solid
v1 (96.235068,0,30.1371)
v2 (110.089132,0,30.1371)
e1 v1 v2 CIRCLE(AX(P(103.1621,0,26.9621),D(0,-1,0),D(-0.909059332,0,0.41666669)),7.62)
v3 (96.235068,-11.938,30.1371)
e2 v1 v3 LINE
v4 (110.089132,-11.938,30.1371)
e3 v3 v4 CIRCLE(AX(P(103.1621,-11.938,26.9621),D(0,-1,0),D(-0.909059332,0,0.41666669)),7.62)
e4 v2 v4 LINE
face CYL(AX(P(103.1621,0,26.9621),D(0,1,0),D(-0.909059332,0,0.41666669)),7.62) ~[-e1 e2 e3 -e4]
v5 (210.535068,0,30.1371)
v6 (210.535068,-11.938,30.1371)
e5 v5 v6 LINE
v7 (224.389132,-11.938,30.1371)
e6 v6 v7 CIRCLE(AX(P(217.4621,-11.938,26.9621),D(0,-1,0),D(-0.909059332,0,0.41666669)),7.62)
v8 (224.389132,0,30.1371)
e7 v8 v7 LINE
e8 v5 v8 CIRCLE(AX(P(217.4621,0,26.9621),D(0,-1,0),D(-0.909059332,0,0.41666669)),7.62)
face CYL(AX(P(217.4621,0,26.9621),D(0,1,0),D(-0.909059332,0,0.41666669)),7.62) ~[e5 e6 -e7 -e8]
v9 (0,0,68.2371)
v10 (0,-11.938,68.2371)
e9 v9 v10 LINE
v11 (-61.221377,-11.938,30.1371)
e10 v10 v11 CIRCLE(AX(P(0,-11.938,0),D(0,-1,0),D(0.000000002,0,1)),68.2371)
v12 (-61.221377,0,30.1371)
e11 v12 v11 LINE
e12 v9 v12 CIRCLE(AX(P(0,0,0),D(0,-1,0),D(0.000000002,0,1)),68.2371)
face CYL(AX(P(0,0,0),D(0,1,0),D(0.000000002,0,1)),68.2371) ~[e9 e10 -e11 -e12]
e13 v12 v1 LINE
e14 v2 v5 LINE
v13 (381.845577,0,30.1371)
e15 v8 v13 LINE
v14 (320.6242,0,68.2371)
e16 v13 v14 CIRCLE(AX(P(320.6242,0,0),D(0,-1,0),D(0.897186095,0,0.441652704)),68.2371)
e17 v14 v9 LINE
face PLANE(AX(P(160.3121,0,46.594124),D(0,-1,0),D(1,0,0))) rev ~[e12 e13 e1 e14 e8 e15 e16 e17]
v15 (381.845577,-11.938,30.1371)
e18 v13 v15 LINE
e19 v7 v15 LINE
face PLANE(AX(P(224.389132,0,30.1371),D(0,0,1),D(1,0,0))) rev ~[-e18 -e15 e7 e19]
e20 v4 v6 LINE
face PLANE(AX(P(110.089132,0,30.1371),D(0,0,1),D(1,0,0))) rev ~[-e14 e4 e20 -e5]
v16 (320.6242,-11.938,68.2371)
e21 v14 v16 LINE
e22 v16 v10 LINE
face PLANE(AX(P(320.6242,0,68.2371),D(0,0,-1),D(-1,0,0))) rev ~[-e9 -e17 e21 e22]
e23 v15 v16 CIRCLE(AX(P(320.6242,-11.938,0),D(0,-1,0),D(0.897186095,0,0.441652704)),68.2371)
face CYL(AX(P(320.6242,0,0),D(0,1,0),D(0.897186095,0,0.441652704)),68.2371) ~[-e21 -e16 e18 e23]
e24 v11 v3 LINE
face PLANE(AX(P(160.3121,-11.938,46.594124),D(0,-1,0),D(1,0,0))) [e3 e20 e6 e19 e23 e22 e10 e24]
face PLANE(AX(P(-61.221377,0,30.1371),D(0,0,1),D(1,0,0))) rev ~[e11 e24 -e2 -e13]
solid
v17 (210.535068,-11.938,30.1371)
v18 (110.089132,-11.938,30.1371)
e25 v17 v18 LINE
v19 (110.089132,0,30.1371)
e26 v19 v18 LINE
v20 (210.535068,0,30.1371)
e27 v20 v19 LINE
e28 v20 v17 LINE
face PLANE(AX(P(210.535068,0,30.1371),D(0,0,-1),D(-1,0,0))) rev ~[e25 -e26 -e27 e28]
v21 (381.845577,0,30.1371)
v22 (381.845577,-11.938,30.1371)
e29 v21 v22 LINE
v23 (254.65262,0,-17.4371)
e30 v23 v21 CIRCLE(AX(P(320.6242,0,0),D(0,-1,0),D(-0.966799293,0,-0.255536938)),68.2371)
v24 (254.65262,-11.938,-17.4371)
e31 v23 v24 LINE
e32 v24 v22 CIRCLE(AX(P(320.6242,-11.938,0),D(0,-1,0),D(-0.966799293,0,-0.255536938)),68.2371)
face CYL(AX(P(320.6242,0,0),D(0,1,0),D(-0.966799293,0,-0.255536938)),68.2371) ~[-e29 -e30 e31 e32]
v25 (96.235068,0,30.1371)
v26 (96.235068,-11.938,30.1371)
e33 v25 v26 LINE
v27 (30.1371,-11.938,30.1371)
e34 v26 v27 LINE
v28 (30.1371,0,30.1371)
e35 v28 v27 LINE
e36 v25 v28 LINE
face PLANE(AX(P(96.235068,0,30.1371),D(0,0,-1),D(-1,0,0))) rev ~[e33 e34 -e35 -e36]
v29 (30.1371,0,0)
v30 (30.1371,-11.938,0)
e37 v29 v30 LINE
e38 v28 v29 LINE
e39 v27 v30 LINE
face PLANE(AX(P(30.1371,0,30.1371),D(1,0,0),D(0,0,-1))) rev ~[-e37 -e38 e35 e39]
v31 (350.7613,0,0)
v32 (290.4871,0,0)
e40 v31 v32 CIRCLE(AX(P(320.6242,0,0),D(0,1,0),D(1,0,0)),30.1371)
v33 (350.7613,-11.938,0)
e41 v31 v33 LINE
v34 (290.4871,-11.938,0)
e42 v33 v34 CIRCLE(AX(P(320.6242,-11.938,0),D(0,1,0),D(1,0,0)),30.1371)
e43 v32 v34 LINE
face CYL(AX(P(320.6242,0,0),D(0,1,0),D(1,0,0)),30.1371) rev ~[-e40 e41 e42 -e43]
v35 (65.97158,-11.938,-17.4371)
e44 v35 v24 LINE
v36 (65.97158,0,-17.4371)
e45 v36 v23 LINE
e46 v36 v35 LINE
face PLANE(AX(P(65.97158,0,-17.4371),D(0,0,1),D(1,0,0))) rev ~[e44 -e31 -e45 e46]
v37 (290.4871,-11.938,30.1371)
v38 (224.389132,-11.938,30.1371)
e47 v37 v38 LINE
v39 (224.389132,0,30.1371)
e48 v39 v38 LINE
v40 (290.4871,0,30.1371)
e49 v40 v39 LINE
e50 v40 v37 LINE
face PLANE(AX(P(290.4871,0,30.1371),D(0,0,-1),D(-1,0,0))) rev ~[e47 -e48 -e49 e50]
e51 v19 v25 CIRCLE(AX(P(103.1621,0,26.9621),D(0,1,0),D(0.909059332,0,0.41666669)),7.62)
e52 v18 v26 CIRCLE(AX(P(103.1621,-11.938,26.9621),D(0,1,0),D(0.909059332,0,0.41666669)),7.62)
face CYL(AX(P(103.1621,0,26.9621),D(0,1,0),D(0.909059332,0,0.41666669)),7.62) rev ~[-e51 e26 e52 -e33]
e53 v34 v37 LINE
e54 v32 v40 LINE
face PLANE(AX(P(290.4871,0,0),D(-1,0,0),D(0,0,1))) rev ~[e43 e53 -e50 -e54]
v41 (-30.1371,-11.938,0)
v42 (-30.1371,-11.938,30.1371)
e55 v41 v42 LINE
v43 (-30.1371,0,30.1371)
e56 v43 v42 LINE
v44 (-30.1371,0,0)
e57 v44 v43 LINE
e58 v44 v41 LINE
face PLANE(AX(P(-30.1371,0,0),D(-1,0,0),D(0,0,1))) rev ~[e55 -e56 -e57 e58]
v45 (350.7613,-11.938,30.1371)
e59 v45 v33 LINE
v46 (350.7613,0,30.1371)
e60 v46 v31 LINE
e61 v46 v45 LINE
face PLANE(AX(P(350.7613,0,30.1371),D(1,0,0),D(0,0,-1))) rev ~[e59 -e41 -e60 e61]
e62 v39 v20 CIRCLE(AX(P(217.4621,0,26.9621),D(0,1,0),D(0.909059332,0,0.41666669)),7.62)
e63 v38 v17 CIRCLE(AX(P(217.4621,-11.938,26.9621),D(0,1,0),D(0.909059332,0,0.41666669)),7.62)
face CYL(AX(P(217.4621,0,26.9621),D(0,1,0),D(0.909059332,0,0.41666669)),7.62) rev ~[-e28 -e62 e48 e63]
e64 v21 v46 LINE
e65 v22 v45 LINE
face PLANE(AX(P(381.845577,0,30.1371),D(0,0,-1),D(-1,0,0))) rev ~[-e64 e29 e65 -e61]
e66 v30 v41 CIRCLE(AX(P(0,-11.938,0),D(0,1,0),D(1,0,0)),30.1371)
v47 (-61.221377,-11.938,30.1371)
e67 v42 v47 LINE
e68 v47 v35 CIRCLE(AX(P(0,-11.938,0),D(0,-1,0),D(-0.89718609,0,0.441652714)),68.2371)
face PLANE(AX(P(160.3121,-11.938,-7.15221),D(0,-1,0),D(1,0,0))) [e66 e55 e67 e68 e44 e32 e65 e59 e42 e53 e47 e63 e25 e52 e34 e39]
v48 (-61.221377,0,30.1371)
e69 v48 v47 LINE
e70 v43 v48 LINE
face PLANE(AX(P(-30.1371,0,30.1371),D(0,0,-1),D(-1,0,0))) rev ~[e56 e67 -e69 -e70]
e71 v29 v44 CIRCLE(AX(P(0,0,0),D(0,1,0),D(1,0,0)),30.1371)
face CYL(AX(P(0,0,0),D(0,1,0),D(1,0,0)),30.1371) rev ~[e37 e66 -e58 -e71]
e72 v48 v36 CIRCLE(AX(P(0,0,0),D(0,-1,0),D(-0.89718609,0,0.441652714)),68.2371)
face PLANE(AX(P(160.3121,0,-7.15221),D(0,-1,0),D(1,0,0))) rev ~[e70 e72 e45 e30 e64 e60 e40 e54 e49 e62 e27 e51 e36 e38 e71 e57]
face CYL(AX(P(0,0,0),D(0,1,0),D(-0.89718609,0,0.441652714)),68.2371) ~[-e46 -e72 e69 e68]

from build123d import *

# Parameters (mm, degrees)
F1_DEPTH = 11.938
F2_DEPTH = 11.938


with BuildPart() as f1:
    # F0 (on Front) → F1 (new body)
    with BuildSketch(Plane.XZ):
        with BuildLine():
            Line((-61.221377, 30.1371), (-30.1371, 30.1371))
            Line((-30.1371, 30.1371), (0, 30.1371))
            Line((0, 30.1371), (30.1371, 30.1371))
            Line((30.1371, 30.1371), (96.235068, 30.1371))
            ThreePointArc((96.235068, 30.1371), (103.1621, 19.3421), (110.089132, 30.1371))
            Line((110.089132, 30.1371), (210.535068, 30.1371))
            ThreePointArc((210.535068, 30.1371), (217.4621, 19.3421), (224.389132, 30.1371))
            Line((224.389132, 30.1371), (290.4871, 30.1371))
            Line((290.4871, 30.1371), (350.7613, 30.1371))
            Line((350.7613, 30.1371), (381.845577, 30.1371))
            ThreePointArc((381.845577, 30.1371), (356.678558, 57.934317), (320.6242, 68.2371))
            Line((320.6242, 68.2371), (0, 68.2371))
            ThreePointArc((0, 68.2371), (-36.054358, 57.934317), (-61.221377, 30.1371))
        make_face()
    extrude(amount=F1_DEPTH)


with BuildPart() as f2:
    # F0 (on Front) → F2 (new body)
    with BuildSketch(Plane.XZ):
        with BuildLine():
            ThreePointArc((30.1371, 0), (0, -30.1371), (-30.1371, 0))
            Line((-30.1371, 0), (-30.1371, 30.1371))
            Line((-30.1371, 30.1371), (-61.221377, 30.1371))
            ThreePointArc((-61.221377, 30.1371), (-23.905381, -63.912711), (65.97158, -17.4371))
            Line((65.97158, -17.4371), (160.3121, -17.4371))
            Line((160.3121, -17.4371), (254.65262, -17.4371))
            ThreePointArc((254.65262, -17.4371), (344.529581, -63.912711), (381.845577, 30.1371))
            Line((381.845577, 30.1371), (350.7613, 30.1371))
            Line((350.7613, 30.1371), (350.7613, 0))
            ThreePointArc((350.7613, 0), (320.6242, -30.1371), (290.4871, 0))
            Line((290.4871, 0), (290.4871, 30.1371))
            Line((290.4871, 30.1371), (224.389132, 30.1371))
            ThreePointArc((224.389132, 30.1371), (217.4621, 19.3421), (210.535068, 30.1371))
            Line((210.535068, 30.1371), (110.089132, 30.1371))
            ThreePointArc((110.089132, 30.1371), (103.1621, 19.3421), (96.235068, 30.1371))
            Line((96.235068, 30.1371), (30.1371, 30.1371))
            Line((30.1371, 30.1371), (30.1371, 0))
        make_face()
    extrude(amount=F2_DEPTH)


solid = Compound([f1.part, f2.part])
